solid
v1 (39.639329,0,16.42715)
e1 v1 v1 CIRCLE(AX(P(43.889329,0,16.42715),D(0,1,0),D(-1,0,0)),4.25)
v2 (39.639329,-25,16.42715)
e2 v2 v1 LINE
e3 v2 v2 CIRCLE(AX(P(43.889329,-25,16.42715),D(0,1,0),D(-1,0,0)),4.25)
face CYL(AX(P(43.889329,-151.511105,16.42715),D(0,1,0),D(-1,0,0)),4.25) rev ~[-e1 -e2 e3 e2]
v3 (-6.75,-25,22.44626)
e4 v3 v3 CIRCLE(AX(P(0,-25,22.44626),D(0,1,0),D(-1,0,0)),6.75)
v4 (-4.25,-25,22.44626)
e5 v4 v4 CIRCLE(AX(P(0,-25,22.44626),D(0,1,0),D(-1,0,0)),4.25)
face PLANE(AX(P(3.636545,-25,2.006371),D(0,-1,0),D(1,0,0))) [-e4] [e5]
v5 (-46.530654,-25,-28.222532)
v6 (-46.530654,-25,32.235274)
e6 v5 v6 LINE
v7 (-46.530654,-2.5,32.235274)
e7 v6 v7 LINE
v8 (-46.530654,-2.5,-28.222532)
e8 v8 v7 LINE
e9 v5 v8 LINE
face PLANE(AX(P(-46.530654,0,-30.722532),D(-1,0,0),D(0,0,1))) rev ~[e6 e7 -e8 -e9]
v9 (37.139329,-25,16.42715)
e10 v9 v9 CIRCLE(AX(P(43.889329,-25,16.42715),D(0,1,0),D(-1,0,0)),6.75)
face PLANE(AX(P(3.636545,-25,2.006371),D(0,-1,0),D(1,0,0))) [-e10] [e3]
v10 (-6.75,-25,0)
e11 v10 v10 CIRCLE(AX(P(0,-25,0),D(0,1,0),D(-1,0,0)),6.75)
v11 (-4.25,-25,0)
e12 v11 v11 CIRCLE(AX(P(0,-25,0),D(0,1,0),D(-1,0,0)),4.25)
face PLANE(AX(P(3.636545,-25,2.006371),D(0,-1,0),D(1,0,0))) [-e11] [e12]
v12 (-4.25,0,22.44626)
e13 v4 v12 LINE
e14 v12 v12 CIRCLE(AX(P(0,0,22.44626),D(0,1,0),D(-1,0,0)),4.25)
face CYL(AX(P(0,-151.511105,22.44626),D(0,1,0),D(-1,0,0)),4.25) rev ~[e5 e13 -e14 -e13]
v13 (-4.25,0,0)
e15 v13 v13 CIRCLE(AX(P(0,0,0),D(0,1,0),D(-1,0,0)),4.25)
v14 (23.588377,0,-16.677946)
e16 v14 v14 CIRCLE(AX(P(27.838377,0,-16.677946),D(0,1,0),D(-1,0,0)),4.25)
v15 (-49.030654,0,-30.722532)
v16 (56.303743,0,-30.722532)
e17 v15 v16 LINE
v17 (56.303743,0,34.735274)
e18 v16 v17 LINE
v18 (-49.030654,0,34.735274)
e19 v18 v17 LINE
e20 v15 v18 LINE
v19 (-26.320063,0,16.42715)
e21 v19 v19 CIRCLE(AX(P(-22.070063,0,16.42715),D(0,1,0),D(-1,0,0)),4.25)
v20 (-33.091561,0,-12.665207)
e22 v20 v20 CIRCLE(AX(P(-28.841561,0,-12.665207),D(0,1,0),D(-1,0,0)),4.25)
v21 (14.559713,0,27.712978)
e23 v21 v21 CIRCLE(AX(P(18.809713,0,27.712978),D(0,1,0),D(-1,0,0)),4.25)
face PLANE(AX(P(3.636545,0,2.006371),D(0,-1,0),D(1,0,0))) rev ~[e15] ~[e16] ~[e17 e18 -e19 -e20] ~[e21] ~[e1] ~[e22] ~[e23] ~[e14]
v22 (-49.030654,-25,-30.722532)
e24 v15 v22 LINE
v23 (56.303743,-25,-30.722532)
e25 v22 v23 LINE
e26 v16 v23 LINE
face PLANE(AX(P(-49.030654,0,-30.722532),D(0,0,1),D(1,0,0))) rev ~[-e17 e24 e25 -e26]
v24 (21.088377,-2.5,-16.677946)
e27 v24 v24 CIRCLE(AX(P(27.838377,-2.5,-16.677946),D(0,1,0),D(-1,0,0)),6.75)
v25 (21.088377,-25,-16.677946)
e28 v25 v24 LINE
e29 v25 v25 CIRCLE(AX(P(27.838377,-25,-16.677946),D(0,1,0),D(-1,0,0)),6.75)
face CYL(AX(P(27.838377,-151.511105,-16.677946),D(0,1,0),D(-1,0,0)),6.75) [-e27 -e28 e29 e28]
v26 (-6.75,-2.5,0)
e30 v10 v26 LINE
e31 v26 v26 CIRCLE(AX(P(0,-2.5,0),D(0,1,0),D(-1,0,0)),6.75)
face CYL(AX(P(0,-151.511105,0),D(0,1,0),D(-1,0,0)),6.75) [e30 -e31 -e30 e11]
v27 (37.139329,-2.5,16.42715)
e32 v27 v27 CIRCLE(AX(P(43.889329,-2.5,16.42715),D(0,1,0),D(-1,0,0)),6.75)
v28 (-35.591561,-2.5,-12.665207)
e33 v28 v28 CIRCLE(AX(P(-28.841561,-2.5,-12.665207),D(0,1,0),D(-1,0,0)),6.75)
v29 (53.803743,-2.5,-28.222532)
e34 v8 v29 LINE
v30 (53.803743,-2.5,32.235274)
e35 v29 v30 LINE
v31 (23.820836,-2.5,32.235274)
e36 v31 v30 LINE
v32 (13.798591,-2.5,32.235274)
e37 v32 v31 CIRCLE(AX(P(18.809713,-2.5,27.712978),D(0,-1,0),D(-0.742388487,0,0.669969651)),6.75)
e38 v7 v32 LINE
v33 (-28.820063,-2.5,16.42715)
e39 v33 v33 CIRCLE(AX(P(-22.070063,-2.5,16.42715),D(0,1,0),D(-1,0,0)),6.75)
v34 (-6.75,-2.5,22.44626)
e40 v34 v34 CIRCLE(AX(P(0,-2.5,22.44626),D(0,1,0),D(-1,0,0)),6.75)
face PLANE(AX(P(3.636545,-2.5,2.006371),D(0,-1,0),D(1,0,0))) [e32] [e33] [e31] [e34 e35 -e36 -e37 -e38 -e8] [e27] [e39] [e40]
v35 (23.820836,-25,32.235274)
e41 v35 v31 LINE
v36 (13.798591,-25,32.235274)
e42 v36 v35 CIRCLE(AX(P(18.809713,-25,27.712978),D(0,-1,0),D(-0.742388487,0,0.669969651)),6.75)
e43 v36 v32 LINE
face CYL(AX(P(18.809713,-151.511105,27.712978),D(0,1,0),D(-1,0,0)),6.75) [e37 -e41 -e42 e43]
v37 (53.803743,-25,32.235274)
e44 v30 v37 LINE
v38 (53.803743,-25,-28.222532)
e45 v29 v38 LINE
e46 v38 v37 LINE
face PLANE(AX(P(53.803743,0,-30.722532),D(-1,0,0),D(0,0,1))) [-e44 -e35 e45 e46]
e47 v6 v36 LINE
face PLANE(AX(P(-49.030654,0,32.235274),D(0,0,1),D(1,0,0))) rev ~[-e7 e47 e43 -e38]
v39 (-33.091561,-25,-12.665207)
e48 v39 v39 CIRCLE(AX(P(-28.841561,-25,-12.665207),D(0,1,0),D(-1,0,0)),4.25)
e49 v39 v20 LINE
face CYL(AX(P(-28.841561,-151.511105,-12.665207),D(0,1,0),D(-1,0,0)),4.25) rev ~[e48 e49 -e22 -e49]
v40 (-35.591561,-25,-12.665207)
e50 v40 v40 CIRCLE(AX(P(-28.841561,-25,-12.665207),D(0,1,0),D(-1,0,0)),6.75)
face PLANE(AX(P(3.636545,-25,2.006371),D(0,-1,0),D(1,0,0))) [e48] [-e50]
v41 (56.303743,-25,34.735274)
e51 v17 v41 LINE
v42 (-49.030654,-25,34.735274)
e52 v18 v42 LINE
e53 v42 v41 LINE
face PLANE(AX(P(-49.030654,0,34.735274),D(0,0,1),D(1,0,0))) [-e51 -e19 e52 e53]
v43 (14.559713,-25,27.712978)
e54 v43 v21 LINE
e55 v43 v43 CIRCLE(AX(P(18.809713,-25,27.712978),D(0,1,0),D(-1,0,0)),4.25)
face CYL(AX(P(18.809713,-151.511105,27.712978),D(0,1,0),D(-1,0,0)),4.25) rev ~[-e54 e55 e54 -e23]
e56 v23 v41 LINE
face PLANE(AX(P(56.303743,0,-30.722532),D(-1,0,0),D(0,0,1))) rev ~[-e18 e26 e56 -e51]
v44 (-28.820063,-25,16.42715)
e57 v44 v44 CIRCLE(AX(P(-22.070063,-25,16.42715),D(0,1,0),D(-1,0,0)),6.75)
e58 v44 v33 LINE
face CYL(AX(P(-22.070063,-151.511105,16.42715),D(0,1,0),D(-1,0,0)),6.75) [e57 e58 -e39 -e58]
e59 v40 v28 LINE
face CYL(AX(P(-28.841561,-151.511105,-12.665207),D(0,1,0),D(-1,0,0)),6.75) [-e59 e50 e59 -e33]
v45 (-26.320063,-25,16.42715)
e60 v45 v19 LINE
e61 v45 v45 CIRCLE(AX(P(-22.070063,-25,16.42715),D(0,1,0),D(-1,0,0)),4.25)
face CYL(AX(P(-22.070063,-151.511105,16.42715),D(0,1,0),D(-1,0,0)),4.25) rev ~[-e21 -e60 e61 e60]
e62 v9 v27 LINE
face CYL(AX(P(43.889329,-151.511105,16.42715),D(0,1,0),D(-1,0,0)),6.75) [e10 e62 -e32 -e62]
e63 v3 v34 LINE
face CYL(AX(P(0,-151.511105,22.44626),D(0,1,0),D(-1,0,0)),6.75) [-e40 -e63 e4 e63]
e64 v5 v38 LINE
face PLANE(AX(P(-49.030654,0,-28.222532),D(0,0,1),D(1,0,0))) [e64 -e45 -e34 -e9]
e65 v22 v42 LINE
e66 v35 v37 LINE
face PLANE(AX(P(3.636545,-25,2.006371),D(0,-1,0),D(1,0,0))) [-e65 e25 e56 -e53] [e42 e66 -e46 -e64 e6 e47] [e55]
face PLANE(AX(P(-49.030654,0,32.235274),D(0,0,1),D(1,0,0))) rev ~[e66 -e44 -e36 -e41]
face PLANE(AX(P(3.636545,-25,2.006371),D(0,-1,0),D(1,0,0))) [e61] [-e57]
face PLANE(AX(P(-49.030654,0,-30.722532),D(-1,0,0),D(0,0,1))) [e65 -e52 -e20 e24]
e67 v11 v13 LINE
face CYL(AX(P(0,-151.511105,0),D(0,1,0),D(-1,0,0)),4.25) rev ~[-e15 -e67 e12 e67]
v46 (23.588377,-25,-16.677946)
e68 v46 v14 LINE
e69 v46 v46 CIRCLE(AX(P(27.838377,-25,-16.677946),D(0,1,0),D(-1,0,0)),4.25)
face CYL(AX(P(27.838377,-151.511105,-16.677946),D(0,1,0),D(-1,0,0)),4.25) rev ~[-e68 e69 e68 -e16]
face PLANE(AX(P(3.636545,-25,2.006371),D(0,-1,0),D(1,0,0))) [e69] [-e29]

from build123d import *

# Parameters (mm, degrees)
F0_W     = 105.3343974054
F0_H     = 65.4578059912
F1_DEPTH = 25
F3_D     = 8.5
F4_T     = -2.5


with BuildPart() as f1:
    # F0 (on Front) → F1 (new body)
    with BuildSketch(Plane.XZ):
        with Locations((3.6365445703, 2.0063705742)):
            Rectangle(F0_W, F0_H)
    extrude(amount=F1_DEPTH)

    # F3 (through all)
    with Locations(Plane.XZ.offset(25)):
        with Locations((-22.0700632781, 16.4271499962), (0, 22.4462598562), (18.8097134233, 27.7129784226), (43.8893288374, 16.4271499962), (-28.8415607065, -12.6652074978), (0, 0), (27.838377282, -16.6779458523)):
            Hole(F3_D / 2)

    # F4
    f4_openings = [f1.faces().sort_by_distance(p)[0] for p in [
        (-47.79049, -25, 2.006371),
    ]]
    offset(amount=F4_T, openings=f4_openings)


solid = f1.part
